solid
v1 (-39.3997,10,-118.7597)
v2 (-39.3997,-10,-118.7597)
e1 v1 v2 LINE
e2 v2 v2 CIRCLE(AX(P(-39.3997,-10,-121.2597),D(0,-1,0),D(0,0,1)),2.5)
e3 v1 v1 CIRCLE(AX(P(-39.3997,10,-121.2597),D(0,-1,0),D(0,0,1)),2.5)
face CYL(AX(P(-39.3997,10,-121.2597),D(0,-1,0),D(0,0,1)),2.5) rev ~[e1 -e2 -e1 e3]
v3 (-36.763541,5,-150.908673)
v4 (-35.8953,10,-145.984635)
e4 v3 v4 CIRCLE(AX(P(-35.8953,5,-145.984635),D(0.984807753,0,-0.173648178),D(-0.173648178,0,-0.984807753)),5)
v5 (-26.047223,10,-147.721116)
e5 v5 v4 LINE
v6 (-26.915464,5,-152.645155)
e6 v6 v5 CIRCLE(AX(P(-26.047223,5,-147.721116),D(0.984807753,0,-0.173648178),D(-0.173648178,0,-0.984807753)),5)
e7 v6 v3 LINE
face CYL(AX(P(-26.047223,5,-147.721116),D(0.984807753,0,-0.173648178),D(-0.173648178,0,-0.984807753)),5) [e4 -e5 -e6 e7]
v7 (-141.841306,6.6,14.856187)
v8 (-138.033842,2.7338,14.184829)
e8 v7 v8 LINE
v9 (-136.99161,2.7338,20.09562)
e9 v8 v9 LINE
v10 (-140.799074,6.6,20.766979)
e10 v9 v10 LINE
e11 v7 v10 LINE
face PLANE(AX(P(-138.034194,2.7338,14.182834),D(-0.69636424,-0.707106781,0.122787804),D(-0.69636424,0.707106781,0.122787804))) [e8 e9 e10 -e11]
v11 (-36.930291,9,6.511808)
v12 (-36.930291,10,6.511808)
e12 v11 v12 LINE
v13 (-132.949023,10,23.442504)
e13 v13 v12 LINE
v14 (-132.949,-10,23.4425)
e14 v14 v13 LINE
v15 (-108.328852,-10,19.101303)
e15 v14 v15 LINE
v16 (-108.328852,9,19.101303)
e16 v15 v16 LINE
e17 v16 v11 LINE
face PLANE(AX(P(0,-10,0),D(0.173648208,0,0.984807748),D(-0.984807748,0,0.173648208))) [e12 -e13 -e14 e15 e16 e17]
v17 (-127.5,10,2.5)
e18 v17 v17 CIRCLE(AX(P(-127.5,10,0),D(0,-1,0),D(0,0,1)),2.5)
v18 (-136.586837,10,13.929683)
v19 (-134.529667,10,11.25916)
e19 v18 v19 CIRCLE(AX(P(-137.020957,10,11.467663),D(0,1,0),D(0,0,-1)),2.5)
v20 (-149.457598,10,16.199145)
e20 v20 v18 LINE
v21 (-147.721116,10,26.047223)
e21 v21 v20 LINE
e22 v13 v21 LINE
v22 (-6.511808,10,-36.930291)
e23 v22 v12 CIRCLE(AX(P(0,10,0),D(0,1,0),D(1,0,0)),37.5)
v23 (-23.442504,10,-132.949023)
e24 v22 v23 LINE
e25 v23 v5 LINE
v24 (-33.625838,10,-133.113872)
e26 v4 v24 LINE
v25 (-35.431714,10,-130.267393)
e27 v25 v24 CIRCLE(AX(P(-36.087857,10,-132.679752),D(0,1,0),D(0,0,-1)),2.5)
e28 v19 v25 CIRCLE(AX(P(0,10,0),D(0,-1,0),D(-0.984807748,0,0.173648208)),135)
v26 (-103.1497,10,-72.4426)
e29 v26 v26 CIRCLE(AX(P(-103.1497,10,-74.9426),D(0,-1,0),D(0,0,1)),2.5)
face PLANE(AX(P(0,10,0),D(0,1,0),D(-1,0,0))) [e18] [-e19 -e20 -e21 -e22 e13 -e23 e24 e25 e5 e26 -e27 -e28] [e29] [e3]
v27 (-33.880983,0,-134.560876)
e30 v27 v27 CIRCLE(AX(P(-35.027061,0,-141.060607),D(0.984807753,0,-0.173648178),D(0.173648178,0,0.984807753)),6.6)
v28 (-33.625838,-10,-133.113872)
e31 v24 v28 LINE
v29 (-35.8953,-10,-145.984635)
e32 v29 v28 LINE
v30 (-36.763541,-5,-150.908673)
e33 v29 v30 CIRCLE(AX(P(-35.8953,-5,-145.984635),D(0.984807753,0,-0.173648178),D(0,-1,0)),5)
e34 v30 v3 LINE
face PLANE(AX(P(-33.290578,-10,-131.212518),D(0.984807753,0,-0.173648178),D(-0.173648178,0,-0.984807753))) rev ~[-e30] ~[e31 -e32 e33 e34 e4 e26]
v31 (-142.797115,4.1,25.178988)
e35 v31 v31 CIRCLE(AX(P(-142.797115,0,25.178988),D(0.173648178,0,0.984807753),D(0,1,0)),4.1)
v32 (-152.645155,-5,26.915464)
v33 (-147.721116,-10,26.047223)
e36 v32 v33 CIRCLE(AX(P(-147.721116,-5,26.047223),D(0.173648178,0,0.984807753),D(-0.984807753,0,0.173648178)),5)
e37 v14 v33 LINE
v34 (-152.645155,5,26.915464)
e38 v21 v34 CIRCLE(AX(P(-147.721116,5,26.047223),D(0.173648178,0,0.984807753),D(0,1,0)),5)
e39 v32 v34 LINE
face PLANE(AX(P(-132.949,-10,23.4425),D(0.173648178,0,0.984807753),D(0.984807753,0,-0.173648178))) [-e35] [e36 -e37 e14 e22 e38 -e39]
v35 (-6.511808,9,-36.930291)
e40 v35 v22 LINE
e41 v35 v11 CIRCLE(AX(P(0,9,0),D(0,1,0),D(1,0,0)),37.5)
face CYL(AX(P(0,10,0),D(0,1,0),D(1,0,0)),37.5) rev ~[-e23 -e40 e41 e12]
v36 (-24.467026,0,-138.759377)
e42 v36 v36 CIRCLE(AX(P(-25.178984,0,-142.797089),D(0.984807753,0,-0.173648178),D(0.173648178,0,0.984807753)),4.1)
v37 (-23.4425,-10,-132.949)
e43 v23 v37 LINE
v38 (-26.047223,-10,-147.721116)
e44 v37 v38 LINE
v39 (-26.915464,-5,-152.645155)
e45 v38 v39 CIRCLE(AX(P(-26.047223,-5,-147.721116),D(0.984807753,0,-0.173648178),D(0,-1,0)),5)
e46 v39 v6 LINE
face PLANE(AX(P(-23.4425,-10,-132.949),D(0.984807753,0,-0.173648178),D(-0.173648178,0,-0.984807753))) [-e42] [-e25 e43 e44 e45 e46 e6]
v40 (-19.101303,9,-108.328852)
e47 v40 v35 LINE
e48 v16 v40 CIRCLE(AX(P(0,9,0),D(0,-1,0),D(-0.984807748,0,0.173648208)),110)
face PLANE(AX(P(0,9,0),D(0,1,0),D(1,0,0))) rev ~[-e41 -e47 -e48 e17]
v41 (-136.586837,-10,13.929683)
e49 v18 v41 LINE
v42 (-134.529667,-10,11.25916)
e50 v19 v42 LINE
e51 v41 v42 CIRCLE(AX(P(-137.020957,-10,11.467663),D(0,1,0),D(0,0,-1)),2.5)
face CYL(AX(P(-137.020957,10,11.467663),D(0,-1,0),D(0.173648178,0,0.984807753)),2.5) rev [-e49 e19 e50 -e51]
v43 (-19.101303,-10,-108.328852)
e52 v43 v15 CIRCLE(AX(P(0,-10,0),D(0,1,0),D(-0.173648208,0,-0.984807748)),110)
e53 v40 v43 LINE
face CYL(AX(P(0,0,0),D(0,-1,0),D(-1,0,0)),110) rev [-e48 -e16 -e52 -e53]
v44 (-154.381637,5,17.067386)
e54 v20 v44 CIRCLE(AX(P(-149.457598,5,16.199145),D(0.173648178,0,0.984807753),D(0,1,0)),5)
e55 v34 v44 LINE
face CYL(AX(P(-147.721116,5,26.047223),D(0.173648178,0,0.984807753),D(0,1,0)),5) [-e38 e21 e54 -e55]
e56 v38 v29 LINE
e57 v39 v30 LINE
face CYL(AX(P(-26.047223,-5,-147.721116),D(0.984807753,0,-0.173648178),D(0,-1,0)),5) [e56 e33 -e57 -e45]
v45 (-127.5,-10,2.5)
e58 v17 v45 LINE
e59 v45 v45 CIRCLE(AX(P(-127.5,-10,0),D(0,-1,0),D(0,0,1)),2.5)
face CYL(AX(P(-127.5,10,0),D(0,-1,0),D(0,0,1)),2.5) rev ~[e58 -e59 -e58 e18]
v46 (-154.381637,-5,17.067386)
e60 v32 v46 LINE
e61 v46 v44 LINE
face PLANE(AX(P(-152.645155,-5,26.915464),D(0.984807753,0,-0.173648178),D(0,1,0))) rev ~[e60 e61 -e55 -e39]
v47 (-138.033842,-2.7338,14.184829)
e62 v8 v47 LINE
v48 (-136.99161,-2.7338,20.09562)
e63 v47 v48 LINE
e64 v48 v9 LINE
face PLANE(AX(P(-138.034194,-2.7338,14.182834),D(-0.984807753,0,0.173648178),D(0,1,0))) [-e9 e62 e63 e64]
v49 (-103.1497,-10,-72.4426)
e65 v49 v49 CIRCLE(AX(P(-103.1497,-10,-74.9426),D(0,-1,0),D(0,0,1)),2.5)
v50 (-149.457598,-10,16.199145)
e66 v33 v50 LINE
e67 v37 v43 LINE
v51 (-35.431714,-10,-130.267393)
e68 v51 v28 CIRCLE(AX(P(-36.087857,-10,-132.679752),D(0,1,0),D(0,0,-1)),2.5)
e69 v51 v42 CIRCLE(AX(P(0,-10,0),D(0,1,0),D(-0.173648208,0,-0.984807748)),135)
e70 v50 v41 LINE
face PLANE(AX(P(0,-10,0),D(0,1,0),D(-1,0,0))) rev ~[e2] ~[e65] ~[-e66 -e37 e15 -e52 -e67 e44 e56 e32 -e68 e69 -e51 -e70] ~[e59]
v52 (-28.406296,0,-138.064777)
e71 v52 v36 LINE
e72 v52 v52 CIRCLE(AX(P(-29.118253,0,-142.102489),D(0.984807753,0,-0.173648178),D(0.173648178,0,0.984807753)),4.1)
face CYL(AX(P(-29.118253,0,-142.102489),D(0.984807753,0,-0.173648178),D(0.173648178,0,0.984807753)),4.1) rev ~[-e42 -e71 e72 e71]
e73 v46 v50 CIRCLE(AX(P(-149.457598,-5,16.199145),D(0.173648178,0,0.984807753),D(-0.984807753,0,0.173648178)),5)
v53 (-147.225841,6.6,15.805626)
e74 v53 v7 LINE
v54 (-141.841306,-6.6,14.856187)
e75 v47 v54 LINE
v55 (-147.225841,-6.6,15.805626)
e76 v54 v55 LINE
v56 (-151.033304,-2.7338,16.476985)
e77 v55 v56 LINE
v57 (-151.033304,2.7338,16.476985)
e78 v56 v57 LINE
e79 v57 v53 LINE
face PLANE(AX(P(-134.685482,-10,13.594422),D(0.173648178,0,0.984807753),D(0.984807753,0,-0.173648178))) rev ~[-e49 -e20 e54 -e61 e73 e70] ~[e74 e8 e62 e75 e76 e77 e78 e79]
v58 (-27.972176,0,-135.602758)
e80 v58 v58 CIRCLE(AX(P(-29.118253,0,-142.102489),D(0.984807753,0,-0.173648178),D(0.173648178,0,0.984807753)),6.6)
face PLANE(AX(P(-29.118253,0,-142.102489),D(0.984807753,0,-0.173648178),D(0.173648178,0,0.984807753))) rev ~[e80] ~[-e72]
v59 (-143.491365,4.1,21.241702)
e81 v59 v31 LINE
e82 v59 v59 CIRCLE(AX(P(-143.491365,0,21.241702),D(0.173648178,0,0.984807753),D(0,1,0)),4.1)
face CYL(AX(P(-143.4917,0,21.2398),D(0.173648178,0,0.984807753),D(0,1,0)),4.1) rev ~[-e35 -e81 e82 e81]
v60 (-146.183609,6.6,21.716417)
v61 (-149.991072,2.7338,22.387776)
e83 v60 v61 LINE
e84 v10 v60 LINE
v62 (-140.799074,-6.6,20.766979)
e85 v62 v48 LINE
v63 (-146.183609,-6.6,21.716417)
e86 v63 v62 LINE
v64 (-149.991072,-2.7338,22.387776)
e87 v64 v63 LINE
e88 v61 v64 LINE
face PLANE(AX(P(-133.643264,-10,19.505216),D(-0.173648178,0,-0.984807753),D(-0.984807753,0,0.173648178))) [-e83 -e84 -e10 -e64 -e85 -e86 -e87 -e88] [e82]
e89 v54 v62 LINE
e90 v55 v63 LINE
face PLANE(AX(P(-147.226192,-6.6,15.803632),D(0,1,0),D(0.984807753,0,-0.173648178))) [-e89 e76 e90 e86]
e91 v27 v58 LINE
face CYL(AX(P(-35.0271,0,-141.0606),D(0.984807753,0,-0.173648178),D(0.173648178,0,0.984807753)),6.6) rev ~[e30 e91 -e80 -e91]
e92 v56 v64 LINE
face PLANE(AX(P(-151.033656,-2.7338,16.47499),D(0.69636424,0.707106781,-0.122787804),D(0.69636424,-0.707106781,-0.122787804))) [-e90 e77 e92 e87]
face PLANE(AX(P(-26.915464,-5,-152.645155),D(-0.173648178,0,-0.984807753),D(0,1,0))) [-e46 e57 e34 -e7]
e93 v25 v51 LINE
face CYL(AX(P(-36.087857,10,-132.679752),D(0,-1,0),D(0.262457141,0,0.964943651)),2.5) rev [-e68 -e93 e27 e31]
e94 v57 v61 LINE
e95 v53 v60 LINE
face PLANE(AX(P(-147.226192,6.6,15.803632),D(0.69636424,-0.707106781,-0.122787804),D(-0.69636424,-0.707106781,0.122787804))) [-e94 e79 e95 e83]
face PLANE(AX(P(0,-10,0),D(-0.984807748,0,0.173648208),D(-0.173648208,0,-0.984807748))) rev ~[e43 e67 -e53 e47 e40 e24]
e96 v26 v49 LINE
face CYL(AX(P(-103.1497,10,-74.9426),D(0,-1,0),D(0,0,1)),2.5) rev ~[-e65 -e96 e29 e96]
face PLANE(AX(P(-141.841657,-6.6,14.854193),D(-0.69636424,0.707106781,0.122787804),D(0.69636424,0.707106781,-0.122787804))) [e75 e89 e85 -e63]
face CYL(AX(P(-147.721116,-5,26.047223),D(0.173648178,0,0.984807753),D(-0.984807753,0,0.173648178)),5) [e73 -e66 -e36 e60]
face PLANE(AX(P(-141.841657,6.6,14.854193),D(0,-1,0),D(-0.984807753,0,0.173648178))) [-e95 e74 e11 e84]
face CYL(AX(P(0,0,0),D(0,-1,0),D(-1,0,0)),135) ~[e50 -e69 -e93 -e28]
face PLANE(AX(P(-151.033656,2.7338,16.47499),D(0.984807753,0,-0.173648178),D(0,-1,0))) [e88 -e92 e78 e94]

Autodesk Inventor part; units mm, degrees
ref_plane "YZ Plane" through (0, 0, 0) normal (1, 0, 0) x (0, 1, 0)
ref_plane "XZ Plane" through (0, 0, 0) normal (0, 1, 0) x (-1, 0, 0)
ref_plane "XY Plane" through (0, 0, 0) normal (0, 0, 1) x (1, 0, 0)
sketch "Sketch1" plane through (0, 0, 0) normal (0, 1, 0) x (-1, 0, 0)
  circle A0 centre (0, 0) radius 135
  circle A1 centre (0, 0) radius 110
  dimension "d0" = 270
  dimension "d1" = 220
extrude "Extrusion1" add sketch "Sketch1" along normal mid plane 20
sketch "Sketch2" plane through (0, 10, 0) normal (0, 1, 0) x (1, 0, 0)
  circle A0 centre (0, 0) radius 37.5
  circle A1 centre (0, 0) radius 135
  dimension "d4" = 75
  dimension "d20" = 270
extrude "Extrusion2" add sketch "Sketch2" against normal blind 1
sketch "Sketch3" plane through (0, 10, 0) normal (0, 1, 0) x (1, 0, 0)
  circle A0 centre (0, 0) radius 127.5
  circle A1 centre (127.5, 0) radius 2.5
  circle A2 centre (103.1497, 74.9426) radius 2.5
  circle A3 centre (39.3997, 121.2597) radius 2.5
  circle A4 centre (-39.3997, 121.2597) radius 2.5
  circle A5 centre (-103.1497, 74.9426) radius 2.5
  circle A6 centre (-127.5, 0) radius 2.5
  circle A7 centre (-103.1497, -74.9426) radius 2.5
  circle A8 centre (-39.3997, -121.2597) radius 2.5
  circle A9 centre (39.3997, -121.2597) radius 2.5
  circle A10 centre (103.1497, -74.9426) radius 2.5
  dimension "d7" = 255
  dimension "d8" = 5
  dimension "d11" = 360
hole "Hole1" at (127.5, 10, 0) at (103.1497, 10, 74.9426) at (39.3997, 10, 121.2597) at (-39.3997, 10, 121.2597) at (-103.1497, 10, 74.9426) at (-127.5, 10, 0) at (-103.1497, 10, -74.9426) at (-39.3997, 10, -121.2597) at (39.3997, 10, -121.2597) at (103.1497, 10, -74.9426) direction (0, -1, 0) diameter 5 end through all
sketch "Sketch4" plane through (0, -10, 0) normal (0, -1, 0) x (1, 0, 0)
  circle A0 centre (0, 0) radius 135
  line L0 (0, 0) -> (132.949, -23.4425)
  line L1 (0, 0) -> (135, 0) construction
  line L2 (0, 0) -> (-23.4425, -132.949)
  circle A1 centre (0, 0) radius 135 projected
  line L3 (0, 0) -> (135, 0) construction
  line L4 (0, 0) -> (-132.949, 23.4425)
  dimension "d21" = 135
  dimension "d22" = 10
  dimension "d23" = 100
extrude "Extrusion3" cut sketch "Sketch4" against normal through all contours A0 L0 L4 | A0 L2 L0
sketch "Sketch5" plane through (-23.4425, -10, -132.949) normal (0.9848, 0, -0.1736) x (-0.1736, 0, -0.9848)
  line L0 (0, 0) -> (-25, 0) projected
  line L1 (-2.5, 0) -> (15, 0)
  line L2 (20, 5) -> (20, 15)
  line L3 (15, 20) -> (-2.5, 20)
  line L4 (-2.5, 20) -> (-2.5, 0)
  line L5 (0, 20) -> (0, 0) projected
  arc A0 (20, 15) -> (15, 20) centre (15, 15) ccw
  arc A1 (15, 0) -> (20, 5) centre (15, 5) ccw
  point P0 (-135, 10)
  point P1 (20, 20)
  point P2 (20, 0)
  point P3 (0, 0)
  dimension "d26" = 22.5
  dimension "d27" = 20
  dimension "d28" = 20
  dimension "d29" = 5
extrude "Extrusion4" add sketch "Sketch5" against normal blind 10
fillet "Fillet1" radius 2.5 1 edges at (-33.2262, 0, -130.8473)
sketch "Sketch6" plane through (-132.949, -10, 23.4425) normal (0.1736, 0, 0.9848) x (0.9848, 0, -0.1736)
  line L0 (25, 0) -> (0, 0) projected
  line L1 (2.5, 0) -> (-15, 0)
  line L2 (-20, 5) -> (-20, 15)
  line L3 (-15, 20) -> (2.5, 20)
  line L4 (2.5, 20) -> (2.5, 0)
  line L5 (0, 0) -> (0, 20) projected
  arc A0 (-15, 20) -> (-20, 15) centre (-15, 15) ccw
  arc A1 (-20, 5) -> (-15, 0) centre (-15, 5) ccw
  point P0 (135, 10)
  point P1 (-20, 20)
  point P2 (-20, 0)
  point P3 (0, 0)
  dimension "d33" = 22.5
  dimension "d34" = 20
  dimension "d35" = 20
  dimension "d36" = 5
extrude "Extrusion5" add sketch "Sketch6" against normal blind 10
fillet "Fillet2" radius 2.5 1 edges at (-134.3203, 0, 13.53)
sketch "Sketch7" plane through (-33.2906, -10, -131.2126) normal (-0.9848, 0, 0.1736) x (0.1736, 0, 0.9848)
  line L0 (-1.9306, 20) -> (-15, 20) projected
  line L1 (-20, 15) -> (-20, 5) projected
  point P0 (135, 10)
  point P1 (-10, 10)
  dimension "d40" = 10
  dimension "d41" = 10
hole "Hole2" at (-35.0271, 0, -141.0606) direction (0.9848, 0, -0.1736) diameter 8.2 end through all counterbore diameter 13.2 counterbore depth 6
sketch "Sketch8" plane through (-134.6855, -10, 13.5944) normal (-0.1736, 0, -0.9848) x (-0.9848, 0, 0.1736)
  line L0 (12.7338, 3.4) -> (7.2662, 3.4)
  line L1 (7.2662, 3.4) -> (3.4, 7.2662)
  line L2 (3.4, 7.2662) -> (3.4, 12.7338)
  line L3 (3.4, 12.7338) -> (7.2662, 16.6)
  line L4 (7.2662, 16.6) -> (12.7338, 16.6)
  line L5 (12.7338, 16.6) -> (16.6, 12.7338)
  line L6 (16.6, 12.7338) -> (16.6, 7.2662)
  line L7 (16.6, 7.2662) -> (12.7338, 3.4)
  line L8 (1.9306, 0) -> (15, 0) projected
  line L9 (20, 5) -> (20, 15) projected
  point P0 (-135, 10)
  point P1 (10, 10)
  dimension "d49" = 10
  dimension "d50" = 10
  dimension "d51" = 13.2
extrude "Extrusion6" cut sketch "Sketch8" against normal blind 6
sketch "Sketch9" plane through (-133.6436, -10, 19.5033) normal (-0.1736, 0, -0.9848) x (-0.9848, 0, 0.1736)
  line L0 (1.9306, 0) -> (15, 0) projected
  line L1 (20, 5) -> (20, 15) projected
  point P0 (-135, 10)
  point P1 (10, 10)
  dimension "d54" = 10
  dimension "d55" = 10
hole "Hole3" at (-143.4917, 0, 21.2398) direction (0.1736, 0, 0.9848) diameter 8.2 end through all
properties part number "Cylinder Spacer 25mm_Q1+3"
